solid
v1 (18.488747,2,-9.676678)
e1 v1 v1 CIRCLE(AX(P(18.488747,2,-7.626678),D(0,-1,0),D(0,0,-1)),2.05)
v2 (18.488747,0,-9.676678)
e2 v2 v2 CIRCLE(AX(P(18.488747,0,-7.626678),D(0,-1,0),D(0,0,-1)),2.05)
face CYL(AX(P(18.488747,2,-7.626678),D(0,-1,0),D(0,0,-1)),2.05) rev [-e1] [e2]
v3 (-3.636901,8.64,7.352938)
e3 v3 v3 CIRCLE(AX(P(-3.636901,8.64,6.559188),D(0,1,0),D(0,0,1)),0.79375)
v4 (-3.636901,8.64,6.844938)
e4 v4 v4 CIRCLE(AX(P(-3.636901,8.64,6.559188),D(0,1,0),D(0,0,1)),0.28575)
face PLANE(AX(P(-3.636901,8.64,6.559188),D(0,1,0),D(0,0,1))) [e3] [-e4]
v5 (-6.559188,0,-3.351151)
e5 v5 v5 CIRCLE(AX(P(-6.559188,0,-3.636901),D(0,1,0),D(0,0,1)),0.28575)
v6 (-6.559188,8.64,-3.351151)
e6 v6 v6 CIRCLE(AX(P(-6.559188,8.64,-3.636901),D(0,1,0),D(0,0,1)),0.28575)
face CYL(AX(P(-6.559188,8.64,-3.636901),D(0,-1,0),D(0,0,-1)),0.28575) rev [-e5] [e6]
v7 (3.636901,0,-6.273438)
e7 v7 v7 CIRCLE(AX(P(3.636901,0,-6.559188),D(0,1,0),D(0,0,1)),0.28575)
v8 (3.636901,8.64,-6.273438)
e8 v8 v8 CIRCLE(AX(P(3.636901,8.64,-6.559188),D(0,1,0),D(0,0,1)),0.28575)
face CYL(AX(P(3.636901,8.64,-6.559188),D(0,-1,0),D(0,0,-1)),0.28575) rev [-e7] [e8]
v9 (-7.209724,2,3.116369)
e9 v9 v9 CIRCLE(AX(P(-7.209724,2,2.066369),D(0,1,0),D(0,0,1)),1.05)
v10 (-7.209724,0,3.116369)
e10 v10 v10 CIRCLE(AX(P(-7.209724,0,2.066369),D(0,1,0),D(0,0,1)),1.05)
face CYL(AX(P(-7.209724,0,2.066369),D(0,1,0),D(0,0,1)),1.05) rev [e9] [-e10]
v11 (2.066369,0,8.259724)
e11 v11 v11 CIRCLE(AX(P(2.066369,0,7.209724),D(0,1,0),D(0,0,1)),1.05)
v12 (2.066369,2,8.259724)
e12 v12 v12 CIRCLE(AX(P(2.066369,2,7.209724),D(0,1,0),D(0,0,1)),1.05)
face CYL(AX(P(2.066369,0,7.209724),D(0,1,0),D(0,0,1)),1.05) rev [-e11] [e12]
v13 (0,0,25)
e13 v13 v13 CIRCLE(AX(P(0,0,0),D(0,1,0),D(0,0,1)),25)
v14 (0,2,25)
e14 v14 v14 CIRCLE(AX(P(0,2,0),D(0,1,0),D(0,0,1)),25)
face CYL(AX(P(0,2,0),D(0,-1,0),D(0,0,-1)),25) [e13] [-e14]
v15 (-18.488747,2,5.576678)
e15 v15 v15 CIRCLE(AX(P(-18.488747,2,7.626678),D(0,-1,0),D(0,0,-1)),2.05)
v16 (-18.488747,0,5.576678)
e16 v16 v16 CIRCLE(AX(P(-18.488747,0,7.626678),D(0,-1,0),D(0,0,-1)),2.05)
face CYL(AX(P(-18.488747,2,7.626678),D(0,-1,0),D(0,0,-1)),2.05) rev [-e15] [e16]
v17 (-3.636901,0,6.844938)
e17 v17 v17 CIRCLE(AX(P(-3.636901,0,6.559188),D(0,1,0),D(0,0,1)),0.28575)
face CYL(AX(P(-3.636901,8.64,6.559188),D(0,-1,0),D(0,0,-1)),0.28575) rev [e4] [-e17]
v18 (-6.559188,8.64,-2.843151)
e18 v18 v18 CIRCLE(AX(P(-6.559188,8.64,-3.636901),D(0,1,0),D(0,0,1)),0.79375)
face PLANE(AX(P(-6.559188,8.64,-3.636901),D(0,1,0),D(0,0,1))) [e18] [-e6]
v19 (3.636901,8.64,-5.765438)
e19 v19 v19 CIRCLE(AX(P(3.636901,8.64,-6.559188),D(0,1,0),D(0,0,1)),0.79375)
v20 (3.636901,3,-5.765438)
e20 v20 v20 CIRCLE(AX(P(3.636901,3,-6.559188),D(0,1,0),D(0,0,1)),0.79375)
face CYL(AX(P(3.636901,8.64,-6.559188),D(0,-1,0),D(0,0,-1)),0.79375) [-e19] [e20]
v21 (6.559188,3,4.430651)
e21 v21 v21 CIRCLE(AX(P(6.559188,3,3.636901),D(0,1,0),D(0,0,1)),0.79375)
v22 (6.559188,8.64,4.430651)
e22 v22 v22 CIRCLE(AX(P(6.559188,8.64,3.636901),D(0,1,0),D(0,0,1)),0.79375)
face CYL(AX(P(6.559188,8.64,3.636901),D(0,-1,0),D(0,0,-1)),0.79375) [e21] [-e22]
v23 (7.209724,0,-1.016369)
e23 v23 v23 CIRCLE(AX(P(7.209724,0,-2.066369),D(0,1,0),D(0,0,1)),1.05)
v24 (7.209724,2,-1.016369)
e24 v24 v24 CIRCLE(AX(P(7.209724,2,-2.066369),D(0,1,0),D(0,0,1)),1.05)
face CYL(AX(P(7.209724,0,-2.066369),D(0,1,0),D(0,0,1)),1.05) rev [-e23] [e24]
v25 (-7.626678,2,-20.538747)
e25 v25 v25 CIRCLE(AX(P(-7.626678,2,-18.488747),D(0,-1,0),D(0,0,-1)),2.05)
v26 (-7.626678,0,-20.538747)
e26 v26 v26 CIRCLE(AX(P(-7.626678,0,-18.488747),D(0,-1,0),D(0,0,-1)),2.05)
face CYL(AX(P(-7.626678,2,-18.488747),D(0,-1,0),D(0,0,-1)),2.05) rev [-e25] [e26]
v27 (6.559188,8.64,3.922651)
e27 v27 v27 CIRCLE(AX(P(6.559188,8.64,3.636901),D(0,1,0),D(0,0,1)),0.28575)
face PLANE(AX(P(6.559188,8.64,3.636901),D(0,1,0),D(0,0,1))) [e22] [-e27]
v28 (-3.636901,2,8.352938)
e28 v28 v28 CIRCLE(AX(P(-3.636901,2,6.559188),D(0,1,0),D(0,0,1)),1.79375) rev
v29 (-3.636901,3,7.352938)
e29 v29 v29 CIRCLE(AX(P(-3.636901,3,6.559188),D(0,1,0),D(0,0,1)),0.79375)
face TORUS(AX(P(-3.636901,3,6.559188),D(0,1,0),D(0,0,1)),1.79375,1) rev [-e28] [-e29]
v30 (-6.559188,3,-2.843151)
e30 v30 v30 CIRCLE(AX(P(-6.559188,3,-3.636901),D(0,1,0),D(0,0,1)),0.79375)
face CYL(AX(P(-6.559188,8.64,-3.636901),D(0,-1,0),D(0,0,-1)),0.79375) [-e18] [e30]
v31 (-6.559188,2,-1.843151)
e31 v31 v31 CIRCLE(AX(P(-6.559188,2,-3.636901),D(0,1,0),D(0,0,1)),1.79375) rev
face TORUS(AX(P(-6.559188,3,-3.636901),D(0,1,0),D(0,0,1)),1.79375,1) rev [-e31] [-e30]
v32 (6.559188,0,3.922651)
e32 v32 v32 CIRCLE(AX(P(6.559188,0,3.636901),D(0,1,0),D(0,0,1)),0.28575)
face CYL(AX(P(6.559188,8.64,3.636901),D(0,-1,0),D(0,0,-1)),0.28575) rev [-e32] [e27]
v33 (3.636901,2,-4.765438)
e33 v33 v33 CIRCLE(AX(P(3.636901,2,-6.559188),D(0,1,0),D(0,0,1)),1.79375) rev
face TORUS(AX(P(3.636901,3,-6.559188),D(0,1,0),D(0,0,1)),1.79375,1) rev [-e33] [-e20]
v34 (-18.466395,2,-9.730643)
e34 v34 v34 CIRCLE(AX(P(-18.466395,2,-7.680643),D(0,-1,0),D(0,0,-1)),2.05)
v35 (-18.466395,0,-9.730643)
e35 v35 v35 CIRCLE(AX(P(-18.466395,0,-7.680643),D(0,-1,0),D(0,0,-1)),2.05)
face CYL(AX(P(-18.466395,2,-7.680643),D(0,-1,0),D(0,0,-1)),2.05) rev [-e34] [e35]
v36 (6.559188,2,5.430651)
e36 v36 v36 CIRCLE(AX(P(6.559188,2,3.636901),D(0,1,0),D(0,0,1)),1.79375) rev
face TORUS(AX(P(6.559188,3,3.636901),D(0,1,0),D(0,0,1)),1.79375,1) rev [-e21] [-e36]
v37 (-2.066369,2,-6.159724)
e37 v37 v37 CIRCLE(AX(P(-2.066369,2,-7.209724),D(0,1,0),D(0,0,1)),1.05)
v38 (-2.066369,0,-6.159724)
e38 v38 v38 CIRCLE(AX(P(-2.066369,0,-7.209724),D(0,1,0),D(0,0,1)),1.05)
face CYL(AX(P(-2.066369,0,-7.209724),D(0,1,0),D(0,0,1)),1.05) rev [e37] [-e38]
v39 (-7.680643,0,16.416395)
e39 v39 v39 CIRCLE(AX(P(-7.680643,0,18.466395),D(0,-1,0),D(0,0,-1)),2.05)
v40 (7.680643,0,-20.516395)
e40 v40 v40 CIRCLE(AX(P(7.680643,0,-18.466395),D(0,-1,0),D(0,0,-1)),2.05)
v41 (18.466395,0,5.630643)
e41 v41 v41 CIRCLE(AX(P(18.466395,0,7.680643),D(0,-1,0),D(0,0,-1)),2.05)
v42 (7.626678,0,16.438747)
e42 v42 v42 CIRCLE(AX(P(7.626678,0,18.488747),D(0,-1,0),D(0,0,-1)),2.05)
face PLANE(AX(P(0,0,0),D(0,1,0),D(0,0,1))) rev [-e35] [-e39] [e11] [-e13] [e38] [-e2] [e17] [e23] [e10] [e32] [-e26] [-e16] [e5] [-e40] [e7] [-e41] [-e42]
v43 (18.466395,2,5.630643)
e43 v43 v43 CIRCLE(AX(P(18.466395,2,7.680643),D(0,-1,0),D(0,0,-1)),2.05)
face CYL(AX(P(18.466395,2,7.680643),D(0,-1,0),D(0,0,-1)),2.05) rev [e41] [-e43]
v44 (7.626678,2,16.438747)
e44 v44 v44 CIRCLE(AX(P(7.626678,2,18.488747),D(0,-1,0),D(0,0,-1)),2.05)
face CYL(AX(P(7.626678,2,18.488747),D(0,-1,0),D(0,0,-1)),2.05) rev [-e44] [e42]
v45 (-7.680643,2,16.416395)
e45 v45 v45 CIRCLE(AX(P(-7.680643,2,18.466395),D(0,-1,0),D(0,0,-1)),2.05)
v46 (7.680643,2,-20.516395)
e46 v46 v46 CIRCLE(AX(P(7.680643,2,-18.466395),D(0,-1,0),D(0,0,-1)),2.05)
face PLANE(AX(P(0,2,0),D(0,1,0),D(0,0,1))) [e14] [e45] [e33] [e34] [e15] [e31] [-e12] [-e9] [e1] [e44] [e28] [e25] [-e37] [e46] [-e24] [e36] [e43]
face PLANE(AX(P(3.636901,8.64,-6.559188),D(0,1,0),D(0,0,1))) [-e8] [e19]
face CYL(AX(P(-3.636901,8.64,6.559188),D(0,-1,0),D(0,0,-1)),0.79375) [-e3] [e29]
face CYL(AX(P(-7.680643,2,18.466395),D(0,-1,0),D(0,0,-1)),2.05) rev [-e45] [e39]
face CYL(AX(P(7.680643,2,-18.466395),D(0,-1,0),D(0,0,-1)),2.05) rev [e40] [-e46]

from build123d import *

# Parameters (mm, degrees)
SKETCH1_R           = 25
BOSS_EXTRUDE1_DEPTH = 2
SKETCH2_R           = 1.05
SKETCH2_R_2         = 0.79375
CUT_EXTRUDE1_DEPTH  = 3
SKETCH4_R           = 2.05
CUT_EXTRUDE3_DEPTH  = 3
SKETCH7_R           = 0.79375
SKETCH7_R_2         = 0.28575
BOSS_EXTRUDE2_DEPTH = 8.64
FILLET1_R           = 1
FILLET2_R           = 1
FILLET3_R           = 1
FILLET4_R           = 1


with BuildPart() as part:
    # Sketch1 → Boss-Extrude1 (new body)
    with BuildSketch(Plane(origin=(0, 0, 0), x_dir=(1, 0, 0), z_dir=(0, 1, 0))):
        Circle(SKETCH1_R)
    extrude(amount=BOSS_EXTRUDE1_DEPTH)

    # Sketch2 → Cut-Extrude1 (cut, through all)
    with BuildSketch(Plane(origin=(0, 2, 0), x_dir=(1, 0, 0), z_dir=(0, 1, 0))):
        with Locations((-2.066368974, 7.209723938)):
            Circle(SKETCH2_R)
        with Locations((7.209723938, 2.066368974)):
            Circle(SKETCH2_R)
        with Locations((2.066368974, -7.209723938)):
            Circle(SKETCH2_R)
        with Locations((-7.209723938, -2.066368974)):
            Circle(SKETCH2_R)
        with Locations((-3.636901173, -6.559188201)):
            Circle(SKETCH2_R_2)
        with Locations((-6.559188201, 3.636901173)):
            Circle(SKETCH2_R_2)
        with Locations((3.636901173, 6.559188201)):
            Circle(SKETCH2_R_2)
        with Locations((6.559188201, -3.636901173)):
            Circle(SKETCH2_R_2)
    extrude(amount=-CUT_EXTRUDE1_DEPTH, mode=Mode.SUBTRACT)

    # Sketch4 → Cut-Extrude3 (cut, through all)
    with BuildSketch(Plane.XZ):
        with Locations((-18.488747294, 7.626678405)):
            Circle(SKETCH4_R)
        with Locations((-7.680642569, 18.466394605)):
            Circle(SKETCH4_R)
        with Locations((7.626678405, 18.488747294)):
            Circle(SKETCH4_R)
        with Locations((18.466394605, 7.680642569)):
            Circle(SKETCH4_R)
        with Locations((18.488747294, -7.626678405)):
            Circle(SKETCH4_R)
        with Locations((7.680642569, -18.466394605)):
            Circle(SKETCH4_R)
        with Locations((-7.626678405, -18.488747294)):
            Circle(SKETCH4_R)
        with Locations((-18.466394605, -7.680642569)):
            Circle(SKETCH4_R)
    extrude(amount=-CUT_EXTRUDE3_DEPTH, mode=Mode.SUBTRACT)

    # Sketch7 → Boss-Extrude2 (add)
    with BuildSketch(Plane(origin=(0, 0, 0), x_dir=(1, 0, 0), z_dir=(0, 1, 0))):
        with Locations((-3.636901173, -6.559188201)):
            Circle(SKETCH7_R)
        with Locations((-3.636901173, -6.559188201)):
            Circle(SKETCH7_R_2, mode=Mode.SUBTRACT)
        with Locations((6.559188201, -3.636901173)):
            Circle(SKETCH7_R)
        with Locations((6.559188201, -3.636901173)):
            Circle(SKETCH7_R_2, mode=Mode.SUBTRACT)
        with Locations((-6.559188201, 3.636901173)):
            Circle(SKETCH7_R)
        with Locations((-6.559188201, 3.636901173)):
            Circle(SKETCH7_R_2, mode=Mode.SUBTRACT)
        with Locations((3.636901173, 6.559188201)):
            Circle(SKETCH7_R)
        with Locations((3.636901173, 6.559188201)):
            Circle(SKETCH7_R_2, mode=Mode.SUBTRACT)
    extrude(amount=BOSS_EXTRUDE2_DEPTH)

    # Fillet1
    fillet1_edges = [part.edges().sort_by_distance(p)[0] for p in [
        (-7.352938201, 2, -3.636901173),
    ]]
    fillet(fillet1_edges, radius=FILLET1_R)

    # Fillet2
    fillet2_edges = [part.edges().sort_by_distance(p)[0] for p in [
        (-4.430651173, 2, 6.559188201),
    ]]
    fillet(fillet2_edges, radius=FILLET2_R)

    # Fillet3
    fillet3_edges = [part.edges().sort_by_distance(p)[0] for p in [
        (5.765438201, 2, 3.636901173),
    ]]
    fillet(fillet3_edges, radius=FILLET3_R)

    # Fillet4
    fillet4_edges = [part.edges().sort_by_distance(p)[0] for p in [
        (2.843151173, 2, -6.559188201),
    ]]
    fillet(fillet4_edges, radius=FILLET4_R)


solid = part.part
